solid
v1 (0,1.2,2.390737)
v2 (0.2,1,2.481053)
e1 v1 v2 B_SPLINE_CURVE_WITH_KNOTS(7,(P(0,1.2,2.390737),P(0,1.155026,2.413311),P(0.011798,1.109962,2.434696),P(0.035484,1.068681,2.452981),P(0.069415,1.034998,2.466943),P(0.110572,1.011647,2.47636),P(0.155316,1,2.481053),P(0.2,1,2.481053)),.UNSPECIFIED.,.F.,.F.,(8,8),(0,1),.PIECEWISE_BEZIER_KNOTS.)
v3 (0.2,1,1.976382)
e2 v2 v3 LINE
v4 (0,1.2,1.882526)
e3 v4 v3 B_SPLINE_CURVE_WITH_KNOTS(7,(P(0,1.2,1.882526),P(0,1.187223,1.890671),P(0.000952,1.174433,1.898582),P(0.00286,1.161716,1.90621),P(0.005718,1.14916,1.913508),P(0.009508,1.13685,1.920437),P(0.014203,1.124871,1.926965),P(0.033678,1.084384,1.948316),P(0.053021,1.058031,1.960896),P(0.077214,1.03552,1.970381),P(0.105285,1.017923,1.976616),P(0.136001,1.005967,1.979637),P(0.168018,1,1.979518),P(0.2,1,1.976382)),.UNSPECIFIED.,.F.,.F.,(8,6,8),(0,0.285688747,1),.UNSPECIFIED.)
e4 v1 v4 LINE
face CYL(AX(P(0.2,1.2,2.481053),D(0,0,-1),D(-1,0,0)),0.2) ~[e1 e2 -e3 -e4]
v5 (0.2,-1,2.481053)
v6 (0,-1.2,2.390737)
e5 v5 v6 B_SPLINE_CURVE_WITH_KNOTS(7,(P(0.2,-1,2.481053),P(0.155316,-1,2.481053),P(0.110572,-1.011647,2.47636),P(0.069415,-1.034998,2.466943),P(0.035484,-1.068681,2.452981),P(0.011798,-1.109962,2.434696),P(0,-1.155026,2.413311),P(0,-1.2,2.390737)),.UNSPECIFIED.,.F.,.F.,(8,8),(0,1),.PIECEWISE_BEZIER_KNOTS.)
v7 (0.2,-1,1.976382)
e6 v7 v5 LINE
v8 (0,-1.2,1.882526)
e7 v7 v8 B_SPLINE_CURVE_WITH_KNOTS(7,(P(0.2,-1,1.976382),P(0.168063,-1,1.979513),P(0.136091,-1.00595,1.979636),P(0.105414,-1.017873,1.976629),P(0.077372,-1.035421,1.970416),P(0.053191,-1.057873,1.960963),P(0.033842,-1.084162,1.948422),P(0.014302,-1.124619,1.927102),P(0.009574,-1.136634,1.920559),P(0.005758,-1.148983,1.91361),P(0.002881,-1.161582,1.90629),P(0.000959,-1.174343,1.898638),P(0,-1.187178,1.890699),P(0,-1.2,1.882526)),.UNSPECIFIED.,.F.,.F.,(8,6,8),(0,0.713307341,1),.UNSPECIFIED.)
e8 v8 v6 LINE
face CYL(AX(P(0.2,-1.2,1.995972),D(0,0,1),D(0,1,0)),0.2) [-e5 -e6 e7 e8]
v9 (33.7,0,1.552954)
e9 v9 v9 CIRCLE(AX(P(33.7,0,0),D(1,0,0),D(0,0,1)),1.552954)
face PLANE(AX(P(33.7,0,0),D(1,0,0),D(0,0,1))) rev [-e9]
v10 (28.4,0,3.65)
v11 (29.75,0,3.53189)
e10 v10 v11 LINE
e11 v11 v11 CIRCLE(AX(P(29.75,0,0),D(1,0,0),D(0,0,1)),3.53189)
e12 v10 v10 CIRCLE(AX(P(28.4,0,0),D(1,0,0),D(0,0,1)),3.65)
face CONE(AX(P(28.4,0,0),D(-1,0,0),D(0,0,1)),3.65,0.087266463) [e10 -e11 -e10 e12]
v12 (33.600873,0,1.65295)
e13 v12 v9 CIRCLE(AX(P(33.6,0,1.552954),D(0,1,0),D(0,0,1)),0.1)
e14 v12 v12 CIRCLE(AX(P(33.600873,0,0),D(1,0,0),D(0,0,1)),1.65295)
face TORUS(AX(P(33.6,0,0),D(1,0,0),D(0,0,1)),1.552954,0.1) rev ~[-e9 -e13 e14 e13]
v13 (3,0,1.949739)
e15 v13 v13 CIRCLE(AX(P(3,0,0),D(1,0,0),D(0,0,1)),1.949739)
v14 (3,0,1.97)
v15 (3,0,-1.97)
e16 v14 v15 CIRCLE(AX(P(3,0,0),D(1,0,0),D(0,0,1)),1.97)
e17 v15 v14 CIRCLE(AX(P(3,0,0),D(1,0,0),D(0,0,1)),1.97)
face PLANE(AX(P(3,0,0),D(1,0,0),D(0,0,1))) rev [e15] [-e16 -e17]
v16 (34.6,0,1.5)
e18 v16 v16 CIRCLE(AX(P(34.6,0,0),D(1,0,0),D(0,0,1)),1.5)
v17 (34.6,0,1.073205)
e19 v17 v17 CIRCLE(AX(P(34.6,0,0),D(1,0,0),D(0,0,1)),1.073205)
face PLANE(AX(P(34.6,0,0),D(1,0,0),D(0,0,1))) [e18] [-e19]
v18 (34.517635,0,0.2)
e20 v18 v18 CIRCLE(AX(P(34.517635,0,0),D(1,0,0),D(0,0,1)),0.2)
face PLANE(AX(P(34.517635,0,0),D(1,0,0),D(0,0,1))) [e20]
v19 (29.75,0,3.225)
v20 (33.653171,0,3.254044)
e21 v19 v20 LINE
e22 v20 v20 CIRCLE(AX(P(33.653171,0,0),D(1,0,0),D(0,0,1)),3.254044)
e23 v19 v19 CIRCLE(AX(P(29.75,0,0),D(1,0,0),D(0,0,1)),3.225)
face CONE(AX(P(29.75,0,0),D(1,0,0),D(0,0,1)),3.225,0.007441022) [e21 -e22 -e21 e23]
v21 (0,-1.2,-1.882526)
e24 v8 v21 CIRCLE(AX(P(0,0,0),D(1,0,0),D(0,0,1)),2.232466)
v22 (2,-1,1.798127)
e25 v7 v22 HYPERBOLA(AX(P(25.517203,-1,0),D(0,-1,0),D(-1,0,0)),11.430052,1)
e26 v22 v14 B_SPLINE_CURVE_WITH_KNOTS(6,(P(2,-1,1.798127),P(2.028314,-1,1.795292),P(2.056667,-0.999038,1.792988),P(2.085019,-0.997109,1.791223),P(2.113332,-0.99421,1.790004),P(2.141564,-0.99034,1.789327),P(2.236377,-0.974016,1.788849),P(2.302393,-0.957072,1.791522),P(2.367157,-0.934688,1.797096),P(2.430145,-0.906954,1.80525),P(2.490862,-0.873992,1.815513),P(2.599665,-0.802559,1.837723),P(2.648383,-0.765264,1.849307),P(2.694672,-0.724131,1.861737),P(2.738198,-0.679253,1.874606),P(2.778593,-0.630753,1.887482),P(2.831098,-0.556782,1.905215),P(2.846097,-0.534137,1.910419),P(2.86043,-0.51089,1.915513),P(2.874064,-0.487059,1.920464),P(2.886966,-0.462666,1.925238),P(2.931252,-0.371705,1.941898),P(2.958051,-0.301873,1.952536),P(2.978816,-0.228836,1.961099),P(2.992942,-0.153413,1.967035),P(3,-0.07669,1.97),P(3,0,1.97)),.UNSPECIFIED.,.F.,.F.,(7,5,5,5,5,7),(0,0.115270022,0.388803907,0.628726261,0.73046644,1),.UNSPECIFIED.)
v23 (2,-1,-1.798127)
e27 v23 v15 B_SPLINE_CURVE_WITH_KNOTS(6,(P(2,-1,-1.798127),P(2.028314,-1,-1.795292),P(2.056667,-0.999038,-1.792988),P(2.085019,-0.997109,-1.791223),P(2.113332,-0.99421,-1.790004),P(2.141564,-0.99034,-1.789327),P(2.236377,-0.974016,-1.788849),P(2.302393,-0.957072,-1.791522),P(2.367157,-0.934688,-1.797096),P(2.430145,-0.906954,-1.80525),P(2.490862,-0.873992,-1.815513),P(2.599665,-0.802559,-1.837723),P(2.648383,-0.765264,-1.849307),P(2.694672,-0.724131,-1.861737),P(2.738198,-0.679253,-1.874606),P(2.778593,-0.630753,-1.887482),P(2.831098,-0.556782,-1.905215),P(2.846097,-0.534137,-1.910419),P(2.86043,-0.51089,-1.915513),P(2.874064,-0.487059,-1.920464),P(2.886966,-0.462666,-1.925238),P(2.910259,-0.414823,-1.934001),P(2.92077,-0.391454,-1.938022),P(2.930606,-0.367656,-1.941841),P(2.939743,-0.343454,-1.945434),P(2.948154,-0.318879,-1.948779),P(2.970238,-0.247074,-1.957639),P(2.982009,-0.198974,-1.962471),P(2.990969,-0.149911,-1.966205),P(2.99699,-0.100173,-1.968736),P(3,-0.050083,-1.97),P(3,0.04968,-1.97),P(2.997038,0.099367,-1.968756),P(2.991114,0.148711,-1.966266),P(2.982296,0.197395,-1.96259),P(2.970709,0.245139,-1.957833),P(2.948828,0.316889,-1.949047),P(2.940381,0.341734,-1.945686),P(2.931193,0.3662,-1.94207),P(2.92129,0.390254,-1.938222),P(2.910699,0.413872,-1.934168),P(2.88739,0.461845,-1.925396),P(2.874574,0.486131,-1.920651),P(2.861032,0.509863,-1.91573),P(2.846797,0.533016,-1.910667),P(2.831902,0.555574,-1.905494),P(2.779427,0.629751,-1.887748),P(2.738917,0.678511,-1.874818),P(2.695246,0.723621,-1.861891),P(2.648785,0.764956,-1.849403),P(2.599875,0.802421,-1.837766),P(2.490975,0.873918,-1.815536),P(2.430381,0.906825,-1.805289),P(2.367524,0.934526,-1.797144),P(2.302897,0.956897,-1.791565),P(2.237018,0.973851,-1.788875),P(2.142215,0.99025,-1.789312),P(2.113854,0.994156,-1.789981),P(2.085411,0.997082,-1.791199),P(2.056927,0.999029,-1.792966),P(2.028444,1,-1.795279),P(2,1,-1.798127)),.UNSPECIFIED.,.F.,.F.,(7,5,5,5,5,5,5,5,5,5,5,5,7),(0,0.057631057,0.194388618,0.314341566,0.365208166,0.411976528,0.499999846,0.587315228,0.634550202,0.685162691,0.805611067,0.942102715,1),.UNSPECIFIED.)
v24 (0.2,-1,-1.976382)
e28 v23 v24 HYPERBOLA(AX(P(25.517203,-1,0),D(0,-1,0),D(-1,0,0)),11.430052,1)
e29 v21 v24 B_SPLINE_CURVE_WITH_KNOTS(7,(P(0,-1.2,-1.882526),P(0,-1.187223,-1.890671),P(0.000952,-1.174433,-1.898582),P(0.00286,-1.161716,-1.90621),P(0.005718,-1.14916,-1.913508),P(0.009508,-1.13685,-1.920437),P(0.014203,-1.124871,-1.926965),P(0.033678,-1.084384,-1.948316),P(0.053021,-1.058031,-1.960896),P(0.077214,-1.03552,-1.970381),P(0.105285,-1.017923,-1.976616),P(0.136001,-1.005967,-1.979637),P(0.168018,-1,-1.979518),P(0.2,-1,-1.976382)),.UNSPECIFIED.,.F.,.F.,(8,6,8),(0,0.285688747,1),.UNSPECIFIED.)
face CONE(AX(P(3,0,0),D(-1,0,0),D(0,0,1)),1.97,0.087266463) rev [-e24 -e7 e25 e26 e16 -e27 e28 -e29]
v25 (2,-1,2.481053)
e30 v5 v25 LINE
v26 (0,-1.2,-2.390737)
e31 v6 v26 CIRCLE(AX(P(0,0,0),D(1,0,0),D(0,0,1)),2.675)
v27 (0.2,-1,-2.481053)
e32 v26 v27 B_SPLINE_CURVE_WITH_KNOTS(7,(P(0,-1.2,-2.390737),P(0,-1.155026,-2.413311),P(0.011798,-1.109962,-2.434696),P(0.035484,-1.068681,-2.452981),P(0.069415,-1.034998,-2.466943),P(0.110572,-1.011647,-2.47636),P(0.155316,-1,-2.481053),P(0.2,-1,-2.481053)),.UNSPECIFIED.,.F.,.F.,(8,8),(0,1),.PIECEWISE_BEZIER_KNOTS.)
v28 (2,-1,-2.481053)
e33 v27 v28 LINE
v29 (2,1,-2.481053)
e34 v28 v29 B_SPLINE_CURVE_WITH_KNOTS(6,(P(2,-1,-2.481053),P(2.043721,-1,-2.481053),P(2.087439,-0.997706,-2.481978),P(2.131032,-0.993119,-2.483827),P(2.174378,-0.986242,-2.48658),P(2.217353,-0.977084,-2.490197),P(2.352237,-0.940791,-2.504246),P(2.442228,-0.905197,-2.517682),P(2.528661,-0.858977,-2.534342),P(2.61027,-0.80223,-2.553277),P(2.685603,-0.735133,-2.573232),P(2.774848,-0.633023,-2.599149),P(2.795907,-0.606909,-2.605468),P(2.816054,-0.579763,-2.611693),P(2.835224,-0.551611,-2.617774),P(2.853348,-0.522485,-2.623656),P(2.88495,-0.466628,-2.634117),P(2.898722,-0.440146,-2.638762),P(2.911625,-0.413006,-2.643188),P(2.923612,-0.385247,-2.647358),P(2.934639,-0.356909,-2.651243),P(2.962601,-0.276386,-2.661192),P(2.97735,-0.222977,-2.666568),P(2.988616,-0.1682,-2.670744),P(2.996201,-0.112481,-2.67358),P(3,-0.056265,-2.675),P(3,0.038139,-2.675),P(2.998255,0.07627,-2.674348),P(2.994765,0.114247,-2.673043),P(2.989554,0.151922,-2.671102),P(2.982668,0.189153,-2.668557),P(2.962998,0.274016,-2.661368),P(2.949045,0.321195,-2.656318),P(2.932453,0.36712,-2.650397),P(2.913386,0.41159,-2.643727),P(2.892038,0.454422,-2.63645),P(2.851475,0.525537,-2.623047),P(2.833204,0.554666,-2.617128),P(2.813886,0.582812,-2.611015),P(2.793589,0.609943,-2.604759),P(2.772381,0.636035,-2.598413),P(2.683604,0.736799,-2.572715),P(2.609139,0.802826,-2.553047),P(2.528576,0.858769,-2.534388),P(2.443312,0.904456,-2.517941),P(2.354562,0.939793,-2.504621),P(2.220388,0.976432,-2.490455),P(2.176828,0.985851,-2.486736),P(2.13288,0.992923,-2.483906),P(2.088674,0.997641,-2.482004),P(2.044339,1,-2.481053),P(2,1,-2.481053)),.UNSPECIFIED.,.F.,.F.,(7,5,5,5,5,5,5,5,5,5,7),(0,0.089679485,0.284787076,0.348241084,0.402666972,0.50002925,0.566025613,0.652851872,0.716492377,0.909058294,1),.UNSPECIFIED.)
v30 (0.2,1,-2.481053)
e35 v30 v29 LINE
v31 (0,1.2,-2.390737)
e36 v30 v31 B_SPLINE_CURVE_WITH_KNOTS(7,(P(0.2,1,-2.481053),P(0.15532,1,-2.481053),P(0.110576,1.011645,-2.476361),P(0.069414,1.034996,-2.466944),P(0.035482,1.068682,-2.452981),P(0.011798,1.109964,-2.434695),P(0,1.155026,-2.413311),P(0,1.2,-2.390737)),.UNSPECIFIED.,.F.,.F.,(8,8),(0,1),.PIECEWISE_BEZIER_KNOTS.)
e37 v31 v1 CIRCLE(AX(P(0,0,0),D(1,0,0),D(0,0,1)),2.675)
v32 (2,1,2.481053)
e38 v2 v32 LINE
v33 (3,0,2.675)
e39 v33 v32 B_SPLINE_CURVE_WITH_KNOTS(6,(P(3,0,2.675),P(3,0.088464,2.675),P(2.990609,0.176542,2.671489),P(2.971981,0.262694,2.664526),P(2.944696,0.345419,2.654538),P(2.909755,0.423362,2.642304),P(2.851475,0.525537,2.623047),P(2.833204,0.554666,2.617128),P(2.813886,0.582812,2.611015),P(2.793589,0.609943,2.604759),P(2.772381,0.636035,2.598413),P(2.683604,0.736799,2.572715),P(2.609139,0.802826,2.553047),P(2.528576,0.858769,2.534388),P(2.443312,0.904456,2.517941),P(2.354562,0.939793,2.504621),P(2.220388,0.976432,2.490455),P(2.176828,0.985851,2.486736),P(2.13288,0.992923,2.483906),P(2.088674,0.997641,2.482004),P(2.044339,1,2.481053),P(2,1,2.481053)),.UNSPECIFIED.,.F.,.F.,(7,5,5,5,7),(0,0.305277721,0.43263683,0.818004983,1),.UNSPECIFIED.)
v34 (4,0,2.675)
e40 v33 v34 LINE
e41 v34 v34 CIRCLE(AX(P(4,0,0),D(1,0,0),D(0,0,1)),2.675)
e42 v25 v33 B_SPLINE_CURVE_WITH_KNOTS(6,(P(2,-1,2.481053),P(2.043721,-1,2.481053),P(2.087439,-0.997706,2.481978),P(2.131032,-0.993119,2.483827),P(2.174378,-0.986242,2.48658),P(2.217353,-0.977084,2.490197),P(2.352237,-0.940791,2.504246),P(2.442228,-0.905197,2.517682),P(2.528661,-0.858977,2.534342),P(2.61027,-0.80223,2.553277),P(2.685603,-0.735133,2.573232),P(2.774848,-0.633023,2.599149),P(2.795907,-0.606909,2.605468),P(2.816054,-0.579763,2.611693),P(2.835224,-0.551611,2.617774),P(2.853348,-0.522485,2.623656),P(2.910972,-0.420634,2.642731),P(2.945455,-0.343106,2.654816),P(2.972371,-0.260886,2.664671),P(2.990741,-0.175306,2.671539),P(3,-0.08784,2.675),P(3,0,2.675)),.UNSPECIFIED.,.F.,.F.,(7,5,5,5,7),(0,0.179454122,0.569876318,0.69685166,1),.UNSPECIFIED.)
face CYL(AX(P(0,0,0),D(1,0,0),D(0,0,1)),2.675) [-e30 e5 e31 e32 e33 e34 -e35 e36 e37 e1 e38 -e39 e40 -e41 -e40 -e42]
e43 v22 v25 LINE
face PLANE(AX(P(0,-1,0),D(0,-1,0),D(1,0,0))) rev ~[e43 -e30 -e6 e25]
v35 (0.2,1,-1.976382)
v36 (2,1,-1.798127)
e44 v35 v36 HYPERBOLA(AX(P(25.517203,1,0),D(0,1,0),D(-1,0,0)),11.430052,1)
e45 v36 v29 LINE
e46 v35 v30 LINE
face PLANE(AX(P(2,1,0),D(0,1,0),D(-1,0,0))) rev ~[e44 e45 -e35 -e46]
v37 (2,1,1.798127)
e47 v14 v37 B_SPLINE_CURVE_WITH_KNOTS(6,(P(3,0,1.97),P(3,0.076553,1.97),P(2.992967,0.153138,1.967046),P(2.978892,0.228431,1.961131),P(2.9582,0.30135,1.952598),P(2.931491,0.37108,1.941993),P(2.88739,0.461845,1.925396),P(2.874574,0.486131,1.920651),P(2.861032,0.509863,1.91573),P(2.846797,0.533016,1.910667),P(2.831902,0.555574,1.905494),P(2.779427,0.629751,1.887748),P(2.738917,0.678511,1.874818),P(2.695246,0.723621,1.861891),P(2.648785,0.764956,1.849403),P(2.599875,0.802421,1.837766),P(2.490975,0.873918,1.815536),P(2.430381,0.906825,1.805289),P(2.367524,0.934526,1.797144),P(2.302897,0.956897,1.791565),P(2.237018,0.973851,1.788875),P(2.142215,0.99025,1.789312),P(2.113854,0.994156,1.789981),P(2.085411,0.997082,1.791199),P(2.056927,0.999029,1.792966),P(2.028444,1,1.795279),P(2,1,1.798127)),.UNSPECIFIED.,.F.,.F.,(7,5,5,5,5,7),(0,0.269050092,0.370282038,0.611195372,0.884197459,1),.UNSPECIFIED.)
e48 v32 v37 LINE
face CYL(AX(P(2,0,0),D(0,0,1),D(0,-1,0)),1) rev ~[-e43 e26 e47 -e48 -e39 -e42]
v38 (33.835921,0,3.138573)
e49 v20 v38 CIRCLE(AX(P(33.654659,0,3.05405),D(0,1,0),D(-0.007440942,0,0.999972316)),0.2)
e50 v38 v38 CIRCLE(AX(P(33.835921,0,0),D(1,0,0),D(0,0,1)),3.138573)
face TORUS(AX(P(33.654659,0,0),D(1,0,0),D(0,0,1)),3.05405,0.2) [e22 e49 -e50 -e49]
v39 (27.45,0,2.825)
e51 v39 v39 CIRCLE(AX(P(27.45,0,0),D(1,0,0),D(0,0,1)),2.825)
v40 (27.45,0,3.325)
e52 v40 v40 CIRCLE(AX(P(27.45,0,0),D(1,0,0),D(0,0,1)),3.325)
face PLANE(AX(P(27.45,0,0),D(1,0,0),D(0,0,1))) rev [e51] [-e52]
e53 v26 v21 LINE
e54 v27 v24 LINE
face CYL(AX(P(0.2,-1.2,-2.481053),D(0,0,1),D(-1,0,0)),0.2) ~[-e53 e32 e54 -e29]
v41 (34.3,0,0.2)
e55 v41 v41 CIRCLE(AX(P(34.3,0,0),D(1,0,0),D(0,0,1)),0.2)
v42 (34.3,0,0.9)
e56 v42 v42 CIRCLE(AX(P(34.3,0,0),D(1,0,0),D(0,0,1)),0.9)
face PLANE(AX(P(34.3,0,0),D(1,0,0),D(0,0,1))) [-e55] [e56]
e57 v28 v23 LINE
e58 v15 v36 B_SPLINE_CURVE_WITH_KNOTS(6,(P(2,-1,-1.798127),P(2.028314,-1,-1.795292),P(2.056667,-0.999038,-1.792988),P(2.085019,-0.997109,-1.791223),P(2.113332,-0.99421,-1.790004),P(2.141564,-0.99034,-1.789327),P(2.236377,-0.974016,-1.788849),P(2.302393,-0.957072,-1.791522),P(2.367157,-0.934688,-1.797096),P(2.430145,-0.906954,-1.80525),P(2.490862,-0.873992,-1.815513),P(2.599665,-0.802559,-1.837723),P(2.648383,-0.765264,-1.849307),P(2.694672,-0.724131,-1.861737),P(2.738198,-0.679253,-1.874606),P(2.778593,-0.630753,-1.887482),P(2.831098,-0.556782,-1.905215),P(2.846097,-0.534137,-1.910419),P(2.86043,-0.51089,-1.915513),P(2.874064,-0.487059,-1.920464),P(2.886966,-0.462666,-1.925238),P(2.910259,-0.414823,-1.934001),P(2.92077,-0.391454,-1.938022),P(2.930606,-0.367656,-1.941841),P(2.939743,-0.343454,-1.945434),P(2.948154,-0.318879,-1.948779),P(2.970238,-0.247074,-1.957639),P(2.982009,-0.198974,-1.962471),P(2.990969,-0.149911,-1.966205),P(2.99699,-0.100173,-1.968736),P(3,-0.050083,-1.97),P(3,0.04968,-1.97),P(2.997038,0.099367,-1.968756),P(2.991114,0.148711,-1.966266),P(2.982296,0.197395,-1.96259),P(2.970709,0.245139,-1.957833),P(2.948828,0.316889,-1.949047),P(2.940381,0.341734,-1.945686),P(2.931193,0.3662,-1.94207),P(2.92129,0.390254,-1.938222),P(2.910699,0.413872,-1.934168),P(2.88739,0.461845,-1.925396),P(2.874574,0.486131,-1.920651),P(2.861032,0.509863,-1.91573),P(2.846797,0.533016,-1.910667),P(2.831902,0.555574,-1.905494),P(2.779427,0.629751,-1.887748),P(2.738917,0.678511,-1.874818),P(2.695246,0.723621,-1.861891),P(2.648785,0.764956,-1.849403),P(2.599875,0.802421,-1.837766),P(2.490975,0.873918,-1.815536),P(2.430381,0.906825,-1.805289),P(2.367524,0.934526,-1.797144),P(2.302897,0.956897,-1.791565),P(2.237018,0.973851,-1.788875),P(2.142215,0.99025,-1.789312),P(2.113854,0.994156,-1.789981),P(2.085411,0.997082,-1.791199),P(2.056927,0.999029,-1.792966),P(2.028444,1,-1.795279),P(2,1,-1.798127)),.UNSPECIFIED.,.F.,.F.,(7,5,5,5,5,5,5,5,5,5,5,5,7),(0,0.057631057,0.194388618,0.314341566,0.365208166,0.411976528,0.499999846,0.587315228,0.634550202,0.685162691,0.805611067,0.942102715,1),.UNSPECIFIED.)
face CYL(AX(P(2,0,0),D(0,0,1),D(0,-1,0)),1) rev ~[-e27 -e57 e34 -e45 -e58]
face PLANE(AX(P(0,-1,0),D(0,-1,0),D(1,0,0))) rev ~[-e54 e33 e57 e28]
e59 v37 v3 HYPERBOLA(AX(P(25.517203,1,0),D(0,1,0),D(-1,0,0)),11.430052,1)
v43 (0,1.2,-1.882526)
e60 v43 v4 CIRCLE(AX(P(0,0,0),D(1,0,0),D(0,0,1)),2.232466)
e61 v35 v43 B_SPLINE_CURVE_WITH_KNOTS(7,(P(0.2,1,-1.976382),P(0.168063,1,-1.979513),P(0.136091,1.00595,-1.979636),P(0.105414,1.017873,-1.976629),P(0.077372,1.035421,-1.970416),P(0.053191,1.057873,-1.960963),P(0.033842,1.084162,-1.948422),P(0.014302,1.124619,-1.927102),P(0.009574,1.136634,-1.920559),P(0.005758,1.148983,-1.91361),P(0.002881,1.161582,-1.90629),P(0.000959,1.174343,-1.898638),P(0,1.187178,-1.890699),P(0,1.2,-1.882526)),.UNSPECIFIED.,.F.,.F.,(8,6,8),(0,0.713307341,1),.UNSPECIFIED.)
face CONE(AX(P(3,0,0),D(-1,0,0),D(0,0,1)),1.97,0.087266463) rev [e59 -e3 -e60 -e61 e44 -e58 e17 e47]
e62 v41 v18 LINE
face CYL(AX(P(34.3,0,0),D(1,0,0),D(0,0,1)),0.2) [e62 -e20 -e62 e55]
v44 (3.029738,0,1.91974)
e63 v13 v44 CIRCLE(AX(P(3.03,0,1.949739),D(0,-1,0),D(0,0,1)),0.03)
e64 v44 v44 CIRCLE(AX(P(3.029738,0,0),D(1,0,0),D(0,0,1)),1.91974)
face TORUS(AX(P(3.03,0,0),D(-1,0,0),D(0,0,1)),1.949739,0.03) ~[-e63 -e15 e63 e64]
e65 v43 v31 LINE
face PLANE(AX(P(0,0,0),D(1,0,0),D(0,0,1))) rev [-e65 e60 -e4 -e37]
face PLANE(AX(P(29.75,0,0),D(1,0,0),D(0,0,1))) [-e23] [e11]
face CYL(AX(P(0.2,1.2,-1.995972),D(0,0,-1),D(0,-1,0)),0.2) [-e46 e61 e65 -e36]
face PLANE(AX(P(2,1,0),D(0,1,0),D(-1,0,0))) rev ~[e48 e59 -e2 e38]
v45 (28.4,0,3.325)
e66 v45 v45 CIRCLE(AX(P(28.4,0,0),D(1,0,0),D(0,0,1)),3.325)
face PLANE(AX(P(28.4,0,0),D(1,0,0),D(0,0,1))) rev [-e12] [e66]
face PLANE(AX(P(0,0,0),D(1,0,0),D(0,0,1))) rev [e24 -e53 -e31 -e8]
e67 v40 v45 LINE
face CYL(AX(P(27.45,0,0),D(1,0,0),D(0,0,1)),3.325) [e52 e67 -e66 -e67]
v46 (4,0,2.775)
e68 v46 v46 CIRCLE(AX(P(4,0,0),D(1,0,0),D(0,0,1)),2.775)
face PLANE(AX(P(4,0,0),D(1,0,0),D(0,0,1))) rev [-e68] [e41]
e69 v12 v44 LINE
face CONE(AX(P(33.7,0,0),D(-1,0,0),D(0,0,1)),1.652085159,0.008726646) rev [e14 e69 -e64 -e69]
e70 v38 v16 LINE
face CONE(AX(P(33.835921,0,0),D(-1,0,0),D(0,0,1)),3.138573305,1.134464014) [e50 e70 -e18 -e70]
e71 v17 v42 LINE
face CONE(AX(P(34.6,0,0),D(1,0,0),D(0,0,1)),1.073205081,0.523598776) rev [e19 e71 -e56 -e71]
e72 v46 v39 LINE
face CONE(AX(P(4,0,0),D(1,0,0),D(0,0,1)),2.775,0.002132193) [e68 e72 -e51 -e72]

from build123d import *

# Parameters (mm, degrees)
EXTRUS_O1_DEPTH = 5
FILETE1_R       = 0.1
FILETE2_R       = 0.2
FILETE3_R       = 0.03


with BuildPart() as part:
    # Esboço1 → Revolução1 (revolve)
    with BuildSketch(Plane.XY, mode=Mode.PRIVATE) as revolu_o1_sk:
        with BuildLine():
            Line((0, 2.232465991), (0, 2.675))
            Line((0, 2.675), (4, 2.675))
            Line((4, 2.675), (4, 2.775))
            Line((4, 2.775), (27.45, 2.825))
            Line((27.45, 2.825), (27.45, 3.325))
            Line((27.45, 3.325), (28.4, 3.325))
            Line((28.4, 3.325), (28.4, 3.65))
            Line((28.4, 3.65), (29.75, 3.531890304))
            Line((29.75, 3.531890304), (29.75, 3.225))
            Line((29.75, 3.225), (33.653170972, 3.254044116))
            ThreePointArc((33.653170972, 3.254044116), (33.761490772, 3.223126579), (33.83592072, 3.138573305))
            Line((33.83592072, 3.138573305), (34.6, 1.5))
            Line((34.6, 1.5), (34.6, 1.073205081))
            Line((34.6, 1.073205081), (34.3, 0.9))
            Line((34.3, 0.9), (34.3, 0.2))
            Line((34.3, 0.2), (34.517634594, 0.2))
            Line((34.517634594, 0.2), (34.517634594, 0))
            Line((34.517634594, 0), (33.7, 0))
            Line((33.7, 0), (33.7, 1.652085159))
            Line((33.7, 1.652085159), (3, 1.92))
            Line((3, 1.92), (3, 1.97))
            Line((3, 1.97), (0, 2.232465991))
        make_face()
    revolve(revolu_o1_sk.sketch.rotate(Axis((0, 0, 0), (1, 0, 0)), 90), axis=Axis((0, 0, 0), (1, 0, 0)))

    # Esboço2 → Extrusão1 (cut, symmetric)
    with BuildSketch(Plane.XY):
        with BuildLine():
            Line((0, 1), (0, -1))
            Line((0, -1), (2, -1))
            ThreePointArc((2, -1), (3, 0), (2, 1))
            Line((2, 1), (0, 1))
        make_face()
    extrude(amount=EXTRUS_O1_DEPTH, both=True, mode=Mode.SUBTRACT)

    # Filete1
    filete1_edges = [part.edges().sort_by_distance(p)[0] for p in [
        (33.7, 0, -1.652085159),
    ]]
    fillet(filete1_edges, radius=FILETE1_R)

    # Filete2
    filete2_edges = [part.edges().sort_by_distance(p)[0] for p in [
        (0, -1, -2.238512624),
        (0, -1, 2.238512624),
        (0, 1, -2.238512624),
        (0, 1, 2.238512624),
    ]]
    fillet(filete2_edges, radius=FILETE2_R)

    # Filete3
    filete3_edges = [part.edges().sort_by_distance(p)[0] for p in [
        (3, 0, -1.92),
    ]]
    fillet(filete3_edges, radius=FILETE3_R)


solid = part.part
